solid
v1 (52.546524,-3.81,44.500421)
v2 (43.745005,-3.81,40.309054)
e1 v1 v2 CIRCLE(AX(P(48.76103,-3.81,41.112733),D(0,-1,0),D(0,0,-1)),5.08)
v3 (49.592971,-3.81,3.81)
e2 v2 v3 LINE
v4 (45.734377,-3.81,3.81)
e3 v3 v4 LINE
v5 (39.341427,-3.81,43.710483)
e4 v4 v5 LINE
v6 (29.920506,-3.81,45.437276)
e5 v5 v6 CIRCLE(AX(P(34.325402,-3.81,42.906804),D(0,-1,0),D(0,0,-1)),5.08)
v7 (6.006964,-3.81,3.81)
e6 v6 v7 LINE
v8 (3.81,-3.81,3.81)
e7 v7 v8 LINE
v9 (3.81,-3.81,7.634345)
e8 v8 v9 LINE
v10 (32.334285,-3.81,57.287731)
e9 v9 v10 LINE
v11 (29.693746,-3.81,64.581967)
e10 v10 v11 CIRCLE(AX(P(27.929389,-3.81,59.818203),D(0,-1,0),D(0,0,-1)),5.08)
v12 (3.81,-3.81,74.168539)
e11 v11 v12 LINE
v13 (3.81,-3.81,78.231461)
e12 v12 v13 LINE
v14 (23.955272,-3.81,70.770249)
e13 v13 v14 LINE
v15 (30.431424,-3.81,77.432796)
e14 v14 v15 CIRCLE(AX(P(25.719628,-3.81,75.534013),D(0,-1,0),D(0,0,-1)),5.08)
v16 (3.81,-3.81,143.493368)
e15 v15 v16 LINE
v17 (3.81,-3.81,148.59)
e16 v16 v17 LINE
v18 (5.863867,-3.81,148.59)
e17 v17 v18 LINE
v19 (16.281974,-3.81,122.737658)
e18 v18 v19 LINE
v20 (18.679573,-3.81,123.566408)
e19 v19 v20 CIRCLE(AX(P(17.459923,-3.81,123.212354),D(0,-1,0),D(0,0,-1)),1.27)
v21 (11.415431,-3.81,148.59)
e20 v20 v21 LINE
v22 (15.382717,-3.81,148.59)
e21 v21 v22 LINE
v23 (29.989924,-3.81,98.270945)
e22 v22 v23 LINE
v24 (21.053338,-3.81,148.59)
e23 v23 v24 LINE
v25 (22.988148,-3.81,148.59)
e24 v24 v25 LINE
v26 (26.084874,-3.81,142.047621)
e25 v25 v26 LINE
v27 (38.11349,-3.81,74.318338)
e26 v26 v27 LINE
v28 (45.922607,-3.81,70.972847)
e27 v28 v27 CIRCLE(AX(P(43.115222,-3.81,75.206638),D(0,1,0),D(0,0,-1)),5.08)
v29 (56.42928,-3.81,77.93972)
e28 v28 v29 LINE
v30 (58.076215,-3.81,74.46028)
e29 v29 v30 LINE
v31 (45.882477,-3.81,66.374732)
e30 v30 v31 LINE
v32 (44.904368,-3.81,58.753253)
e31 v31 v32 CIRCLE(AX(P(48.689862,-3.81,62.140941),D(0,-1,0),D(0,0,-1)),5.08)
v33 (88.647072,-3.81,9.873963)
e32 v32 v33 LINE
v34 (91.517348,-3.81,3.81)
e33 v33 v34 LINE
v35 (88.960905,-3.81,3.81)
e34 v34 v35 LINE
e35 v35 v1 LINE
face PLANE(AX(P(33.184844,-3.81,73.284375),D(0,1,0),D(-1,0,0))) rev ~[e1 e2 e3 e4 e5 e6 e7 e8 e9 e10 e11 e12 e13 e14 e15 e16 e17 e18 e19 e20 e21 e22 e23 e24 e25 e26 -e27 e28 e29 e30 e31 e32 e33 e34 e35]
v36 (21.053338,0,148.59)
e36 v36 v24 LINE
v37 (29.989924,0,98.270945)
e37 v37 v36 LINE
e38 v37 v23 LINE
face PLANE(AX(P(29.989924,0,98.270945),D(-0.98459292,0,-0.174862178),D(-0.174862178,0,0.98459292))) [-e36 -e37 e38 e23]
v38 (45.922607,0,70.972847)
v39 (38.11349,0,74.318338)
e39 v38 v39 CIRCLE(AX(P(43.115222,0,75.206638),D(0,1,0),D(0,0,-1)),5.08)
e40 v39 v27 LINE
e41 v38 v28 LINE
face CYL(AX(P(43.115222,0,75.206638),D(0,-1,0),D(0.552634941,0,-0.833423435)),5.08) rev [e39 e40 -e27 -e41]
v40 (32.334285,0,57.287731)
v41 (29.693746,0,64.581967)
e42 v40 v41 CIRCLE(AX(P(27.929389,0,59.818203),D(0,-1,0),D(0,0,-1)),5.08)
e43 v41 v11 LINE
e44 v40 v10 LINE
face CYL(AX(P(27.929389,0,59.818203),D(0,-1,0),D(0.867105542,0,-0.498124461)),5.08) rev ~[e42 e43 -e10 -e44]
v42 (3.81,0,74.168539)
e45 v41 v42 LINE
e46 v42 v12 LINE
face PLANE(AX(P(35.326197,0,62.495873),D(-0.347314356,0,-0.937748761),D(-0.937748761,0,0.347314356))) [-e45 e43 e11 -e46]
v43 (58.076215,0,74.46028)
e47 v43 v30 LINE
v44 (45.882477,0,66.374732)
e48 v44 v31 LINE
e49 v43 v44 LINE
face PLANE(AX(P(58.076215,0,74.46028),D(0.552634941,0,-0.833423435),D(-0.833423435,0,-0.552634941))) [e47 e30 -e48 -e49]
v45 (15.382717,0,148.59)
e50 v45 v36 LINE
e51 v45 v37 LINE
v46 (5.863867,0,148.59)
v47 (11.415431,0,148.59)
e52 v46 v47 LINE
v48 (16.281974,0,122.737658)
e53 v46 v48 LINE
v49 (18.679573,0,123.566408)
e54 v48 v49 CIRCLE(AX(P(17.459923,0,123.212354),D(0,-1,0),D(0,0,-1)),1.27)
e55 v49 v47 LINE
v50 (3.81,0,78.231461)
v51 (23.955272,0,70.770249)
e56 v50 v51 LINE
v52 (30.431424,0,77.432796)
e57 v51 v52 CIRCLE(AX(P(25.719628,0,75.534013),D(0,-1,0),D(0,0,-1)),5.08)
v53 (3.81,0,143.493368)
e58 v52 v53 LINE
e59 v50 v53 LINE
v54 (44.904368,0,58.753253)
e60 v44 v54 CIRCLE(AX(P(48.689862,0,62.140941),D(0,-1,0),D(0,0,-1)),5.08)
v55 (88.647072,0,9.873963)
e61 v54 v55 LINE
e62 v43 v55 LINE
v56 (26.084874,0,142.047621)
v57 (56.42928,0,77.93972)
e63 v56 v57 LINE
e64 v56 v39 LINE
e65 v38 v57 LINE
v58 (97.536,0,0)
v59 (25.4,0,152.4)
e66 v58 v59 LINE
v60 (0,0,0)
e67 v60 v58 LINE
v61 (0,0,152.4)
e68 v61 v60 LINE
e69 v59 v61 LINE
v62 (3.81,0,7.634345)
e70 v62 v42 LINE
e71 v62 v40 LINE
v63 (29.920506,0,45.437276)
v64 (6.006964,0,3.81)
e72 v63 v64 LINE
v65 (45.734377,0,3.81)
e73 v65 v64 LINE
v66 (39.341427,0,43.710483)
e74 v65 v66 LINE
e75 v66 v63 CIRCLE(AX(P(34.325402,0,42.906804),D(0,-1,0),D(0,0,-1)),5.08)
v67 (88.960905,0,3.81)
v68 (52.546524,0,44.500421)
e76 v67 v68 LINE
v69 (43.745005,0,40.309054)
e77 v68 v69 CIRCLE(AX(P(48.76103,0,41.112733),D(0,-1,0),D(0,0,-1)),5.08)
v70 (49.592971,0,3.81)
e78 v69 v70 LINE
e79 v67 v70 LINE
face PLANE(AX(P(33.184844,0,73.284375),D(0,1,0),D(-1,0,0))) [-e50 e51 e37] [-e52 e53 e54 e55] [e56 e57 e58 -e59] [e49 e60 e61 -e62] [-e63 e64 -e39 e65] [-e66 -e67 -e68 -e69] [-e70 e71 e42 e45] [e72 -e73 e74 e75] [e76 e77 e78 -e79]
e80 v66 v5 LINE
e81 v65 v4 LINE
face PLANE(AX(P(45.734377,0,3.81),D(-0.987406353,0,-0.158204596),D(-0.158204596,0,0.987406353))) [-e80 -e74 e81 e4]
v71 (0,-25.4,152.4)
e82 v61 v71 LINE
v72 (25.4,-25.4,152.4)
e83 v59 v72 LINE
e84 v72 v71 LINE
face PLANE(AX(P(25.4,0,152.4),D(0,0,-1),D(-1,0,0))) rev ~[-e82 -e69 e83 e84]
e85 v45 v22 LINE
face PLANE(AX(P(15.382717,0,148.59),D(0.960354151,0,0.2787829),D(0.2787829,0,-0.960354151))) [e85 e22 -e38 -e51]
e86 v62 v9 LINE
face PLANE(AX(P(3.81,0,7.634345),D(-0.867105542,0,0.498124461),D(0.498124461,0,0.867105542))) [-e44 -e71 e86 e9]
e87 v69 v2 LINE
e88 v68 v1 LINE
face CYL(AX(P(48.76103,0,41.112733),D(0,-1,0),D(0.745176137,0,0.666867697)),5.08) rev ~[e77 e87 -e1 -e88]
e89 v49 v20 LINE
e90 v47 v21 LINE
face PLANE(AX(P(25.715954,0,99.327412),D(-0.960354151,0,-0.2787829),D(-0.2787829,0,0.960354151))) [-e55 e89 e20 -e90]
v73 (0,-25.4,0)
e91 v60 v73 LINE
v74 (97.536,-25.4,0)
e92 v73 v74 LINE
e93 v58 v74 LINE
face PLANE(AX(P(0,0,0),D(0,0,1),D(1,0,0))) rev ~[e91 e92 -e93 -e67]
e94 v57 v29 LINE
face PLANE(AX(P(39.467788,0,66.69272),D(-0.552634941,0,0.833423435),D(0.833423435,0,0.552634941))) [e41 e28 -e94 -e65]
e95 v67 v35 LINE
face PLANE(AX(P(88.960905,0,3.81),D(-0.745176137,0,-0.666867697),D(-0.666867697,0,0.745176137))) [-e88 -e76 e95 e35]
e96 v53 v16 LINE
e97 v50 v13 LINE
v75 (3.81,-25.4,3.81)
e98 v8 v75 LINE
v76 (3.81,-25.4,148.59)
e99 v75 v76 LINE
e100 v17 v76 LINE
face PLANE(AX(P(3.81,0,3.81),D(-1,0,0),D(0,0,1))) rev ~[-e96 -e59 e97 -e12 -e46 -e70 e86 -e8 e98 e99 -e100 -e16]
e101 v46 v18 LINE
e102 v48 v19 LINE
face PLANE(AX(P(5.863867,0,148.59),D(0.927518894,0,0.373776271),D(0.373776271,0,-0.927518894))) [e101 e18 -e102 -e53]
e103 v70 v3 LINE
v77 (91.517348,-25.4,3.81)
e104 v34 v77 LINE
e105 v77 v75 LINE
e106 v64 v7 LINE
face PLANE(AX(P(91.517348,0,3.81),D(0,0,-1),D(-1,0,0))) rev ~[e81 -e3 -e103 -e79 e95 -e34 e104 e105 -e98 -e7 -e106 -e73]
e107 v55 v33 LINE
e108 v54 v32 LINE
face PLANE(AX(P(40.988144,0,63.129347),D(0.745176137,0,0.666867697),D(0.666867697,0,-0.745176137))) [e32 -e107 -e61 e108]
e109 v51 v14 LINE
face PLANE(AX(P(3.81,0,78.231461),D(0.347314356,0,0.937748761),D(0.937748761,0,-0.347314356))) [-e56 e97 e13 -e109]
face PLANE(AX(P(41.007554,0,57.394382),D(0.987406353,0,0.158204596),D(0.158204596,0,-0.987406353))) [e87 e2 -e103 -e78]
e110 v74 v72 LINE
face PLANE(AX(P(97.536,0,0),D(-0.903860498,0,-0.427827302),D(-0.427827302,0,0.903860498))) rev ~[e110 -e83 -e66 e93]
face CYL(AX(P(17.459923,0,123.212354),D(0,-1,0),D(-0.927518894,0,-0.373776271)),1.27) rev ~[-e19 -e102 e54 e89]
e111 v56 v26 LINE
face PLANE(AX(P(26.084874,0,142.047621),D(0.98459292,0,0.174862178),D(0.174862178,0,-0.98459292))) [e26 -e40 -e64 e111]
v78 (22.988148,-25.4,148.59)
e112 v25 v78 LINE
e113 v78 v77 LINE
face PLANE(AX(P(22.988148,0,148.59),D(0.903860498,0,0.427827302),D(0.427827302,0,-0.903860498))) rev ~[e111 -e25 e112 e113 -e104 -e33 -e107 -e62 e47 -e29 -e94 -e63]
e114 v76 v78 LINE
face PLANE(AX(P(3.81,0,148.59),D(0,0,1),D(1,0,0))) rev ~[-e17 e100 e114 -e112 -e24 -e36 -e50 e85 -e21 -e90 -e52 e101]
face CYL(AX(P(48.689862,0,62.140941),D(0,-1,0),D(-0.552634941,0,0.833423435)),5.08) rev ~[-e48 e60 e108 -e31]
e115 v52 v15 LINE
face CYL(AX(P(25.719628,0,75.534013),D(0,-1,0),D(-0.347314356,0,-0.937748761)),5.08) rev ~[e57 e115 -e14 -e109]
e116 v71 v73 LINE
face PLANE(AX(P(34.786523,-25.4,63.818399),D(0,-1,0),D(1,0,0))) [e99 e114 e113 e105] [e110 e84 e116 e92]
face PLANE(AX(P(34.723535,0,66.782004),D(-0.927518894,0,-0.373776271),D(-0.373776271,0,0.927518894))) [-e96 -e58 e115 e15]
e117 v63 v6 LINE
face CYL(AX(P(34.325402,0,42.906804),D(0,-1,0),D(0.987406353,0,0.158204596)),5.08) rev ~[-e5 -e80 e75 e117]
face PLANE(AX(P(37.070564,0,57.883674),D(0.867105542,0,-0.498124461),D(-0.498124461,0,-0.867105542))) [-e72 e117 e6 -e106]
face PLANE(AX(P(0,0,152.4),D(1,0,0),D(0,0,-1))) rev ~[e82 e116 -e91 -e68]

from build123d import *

# Parameters (mm, degrees)
F1_DEPTH = 25.4
F3_DEPTH = 3.81
F4_R     = 5.08
F5_R     = 1.27


with BuildPart() as f1:
    # F0 (on Front) → F1 (new body)
    with BuildSketch(Plane.XZ):
        Polygon((0, 152.4), (0, 0), (97.536, 0), (25.4, 152.4), align=None)
        Polygon((3.81, 3.81), (3.81, 148.59), (22.9881477466, 148.59), (91.5173477466, 3.81), align=None, mode=Mode.SUBTRACT)
    extrude(amount=F1_DEPTH)

    # F2 (on face) → F3 (join)
    with BuildSketch(Plane(origin=(0, 0, 0), x_dir=(-1, 0, 0), z_dir=(0, 1, 0))):
        Polygon((-39.4677877212, 66.6927195413), (-56.4292804153, 77.939719714), (-58.0762150779, 74.460280286), (-40.9881443162, 63.1293474326), (-88.6470719162, 9.873963022), (-91.5173477466, 3.81), (-88.9609051741, 3.81), (-41.0075535603, 57.3943818268), (-49.5929707574, 3.81), (-45.7343769892, 3.81), (-37.0705642602, 57.8836738464), (-6.0069643909, 3.81), (-3.81, 3.81), (-3.81, 7.6343454213), (-35.3261969761, 62.4958734908), (-3.81, 74.1685390375), (-3.81, 78.2314609625), (-34.7235350429, 66.7820035392), (-3.81, 143.4933682752), (-3.81, 148.59), (-5.863866516, 148.59), (-25.7159540879, 99.3274123216), (-11.4154306532, 148.59), (-15.3827170934, 148.59), (-29.9899241521, 98.2709454732), (-21.0533379782, 148.59), (-22.9881477466, 148.59), (-26.0848739491, 142.0476206988), align=None)
    extrude(amount=-F3_DEPTH)

    # F4
    f4_edges = [f1.edges().sort_by_distance(p)[0] for p in [
        (40.988144, -1.905, 63.129347),
        (41.007554, -1.905, 57.394382),
        (35.326197, -1.905, 62.495873),
        (37.070564, -1.905, 57.883674),
        (39.467788, -1.905, 66.69272),
        (34.723535, -1.905, 66.782004),
    ]]
    fillet(f4_edges, radius=F4_R)

    # F5
    f5_edges = [f1.edges().sort_by_distance(p)[0] for p in [
        (25.715954, -1.905, 99.327412),
    ]]
    fillet(f5_edges, radius=F5_R)


solid = f1.part
